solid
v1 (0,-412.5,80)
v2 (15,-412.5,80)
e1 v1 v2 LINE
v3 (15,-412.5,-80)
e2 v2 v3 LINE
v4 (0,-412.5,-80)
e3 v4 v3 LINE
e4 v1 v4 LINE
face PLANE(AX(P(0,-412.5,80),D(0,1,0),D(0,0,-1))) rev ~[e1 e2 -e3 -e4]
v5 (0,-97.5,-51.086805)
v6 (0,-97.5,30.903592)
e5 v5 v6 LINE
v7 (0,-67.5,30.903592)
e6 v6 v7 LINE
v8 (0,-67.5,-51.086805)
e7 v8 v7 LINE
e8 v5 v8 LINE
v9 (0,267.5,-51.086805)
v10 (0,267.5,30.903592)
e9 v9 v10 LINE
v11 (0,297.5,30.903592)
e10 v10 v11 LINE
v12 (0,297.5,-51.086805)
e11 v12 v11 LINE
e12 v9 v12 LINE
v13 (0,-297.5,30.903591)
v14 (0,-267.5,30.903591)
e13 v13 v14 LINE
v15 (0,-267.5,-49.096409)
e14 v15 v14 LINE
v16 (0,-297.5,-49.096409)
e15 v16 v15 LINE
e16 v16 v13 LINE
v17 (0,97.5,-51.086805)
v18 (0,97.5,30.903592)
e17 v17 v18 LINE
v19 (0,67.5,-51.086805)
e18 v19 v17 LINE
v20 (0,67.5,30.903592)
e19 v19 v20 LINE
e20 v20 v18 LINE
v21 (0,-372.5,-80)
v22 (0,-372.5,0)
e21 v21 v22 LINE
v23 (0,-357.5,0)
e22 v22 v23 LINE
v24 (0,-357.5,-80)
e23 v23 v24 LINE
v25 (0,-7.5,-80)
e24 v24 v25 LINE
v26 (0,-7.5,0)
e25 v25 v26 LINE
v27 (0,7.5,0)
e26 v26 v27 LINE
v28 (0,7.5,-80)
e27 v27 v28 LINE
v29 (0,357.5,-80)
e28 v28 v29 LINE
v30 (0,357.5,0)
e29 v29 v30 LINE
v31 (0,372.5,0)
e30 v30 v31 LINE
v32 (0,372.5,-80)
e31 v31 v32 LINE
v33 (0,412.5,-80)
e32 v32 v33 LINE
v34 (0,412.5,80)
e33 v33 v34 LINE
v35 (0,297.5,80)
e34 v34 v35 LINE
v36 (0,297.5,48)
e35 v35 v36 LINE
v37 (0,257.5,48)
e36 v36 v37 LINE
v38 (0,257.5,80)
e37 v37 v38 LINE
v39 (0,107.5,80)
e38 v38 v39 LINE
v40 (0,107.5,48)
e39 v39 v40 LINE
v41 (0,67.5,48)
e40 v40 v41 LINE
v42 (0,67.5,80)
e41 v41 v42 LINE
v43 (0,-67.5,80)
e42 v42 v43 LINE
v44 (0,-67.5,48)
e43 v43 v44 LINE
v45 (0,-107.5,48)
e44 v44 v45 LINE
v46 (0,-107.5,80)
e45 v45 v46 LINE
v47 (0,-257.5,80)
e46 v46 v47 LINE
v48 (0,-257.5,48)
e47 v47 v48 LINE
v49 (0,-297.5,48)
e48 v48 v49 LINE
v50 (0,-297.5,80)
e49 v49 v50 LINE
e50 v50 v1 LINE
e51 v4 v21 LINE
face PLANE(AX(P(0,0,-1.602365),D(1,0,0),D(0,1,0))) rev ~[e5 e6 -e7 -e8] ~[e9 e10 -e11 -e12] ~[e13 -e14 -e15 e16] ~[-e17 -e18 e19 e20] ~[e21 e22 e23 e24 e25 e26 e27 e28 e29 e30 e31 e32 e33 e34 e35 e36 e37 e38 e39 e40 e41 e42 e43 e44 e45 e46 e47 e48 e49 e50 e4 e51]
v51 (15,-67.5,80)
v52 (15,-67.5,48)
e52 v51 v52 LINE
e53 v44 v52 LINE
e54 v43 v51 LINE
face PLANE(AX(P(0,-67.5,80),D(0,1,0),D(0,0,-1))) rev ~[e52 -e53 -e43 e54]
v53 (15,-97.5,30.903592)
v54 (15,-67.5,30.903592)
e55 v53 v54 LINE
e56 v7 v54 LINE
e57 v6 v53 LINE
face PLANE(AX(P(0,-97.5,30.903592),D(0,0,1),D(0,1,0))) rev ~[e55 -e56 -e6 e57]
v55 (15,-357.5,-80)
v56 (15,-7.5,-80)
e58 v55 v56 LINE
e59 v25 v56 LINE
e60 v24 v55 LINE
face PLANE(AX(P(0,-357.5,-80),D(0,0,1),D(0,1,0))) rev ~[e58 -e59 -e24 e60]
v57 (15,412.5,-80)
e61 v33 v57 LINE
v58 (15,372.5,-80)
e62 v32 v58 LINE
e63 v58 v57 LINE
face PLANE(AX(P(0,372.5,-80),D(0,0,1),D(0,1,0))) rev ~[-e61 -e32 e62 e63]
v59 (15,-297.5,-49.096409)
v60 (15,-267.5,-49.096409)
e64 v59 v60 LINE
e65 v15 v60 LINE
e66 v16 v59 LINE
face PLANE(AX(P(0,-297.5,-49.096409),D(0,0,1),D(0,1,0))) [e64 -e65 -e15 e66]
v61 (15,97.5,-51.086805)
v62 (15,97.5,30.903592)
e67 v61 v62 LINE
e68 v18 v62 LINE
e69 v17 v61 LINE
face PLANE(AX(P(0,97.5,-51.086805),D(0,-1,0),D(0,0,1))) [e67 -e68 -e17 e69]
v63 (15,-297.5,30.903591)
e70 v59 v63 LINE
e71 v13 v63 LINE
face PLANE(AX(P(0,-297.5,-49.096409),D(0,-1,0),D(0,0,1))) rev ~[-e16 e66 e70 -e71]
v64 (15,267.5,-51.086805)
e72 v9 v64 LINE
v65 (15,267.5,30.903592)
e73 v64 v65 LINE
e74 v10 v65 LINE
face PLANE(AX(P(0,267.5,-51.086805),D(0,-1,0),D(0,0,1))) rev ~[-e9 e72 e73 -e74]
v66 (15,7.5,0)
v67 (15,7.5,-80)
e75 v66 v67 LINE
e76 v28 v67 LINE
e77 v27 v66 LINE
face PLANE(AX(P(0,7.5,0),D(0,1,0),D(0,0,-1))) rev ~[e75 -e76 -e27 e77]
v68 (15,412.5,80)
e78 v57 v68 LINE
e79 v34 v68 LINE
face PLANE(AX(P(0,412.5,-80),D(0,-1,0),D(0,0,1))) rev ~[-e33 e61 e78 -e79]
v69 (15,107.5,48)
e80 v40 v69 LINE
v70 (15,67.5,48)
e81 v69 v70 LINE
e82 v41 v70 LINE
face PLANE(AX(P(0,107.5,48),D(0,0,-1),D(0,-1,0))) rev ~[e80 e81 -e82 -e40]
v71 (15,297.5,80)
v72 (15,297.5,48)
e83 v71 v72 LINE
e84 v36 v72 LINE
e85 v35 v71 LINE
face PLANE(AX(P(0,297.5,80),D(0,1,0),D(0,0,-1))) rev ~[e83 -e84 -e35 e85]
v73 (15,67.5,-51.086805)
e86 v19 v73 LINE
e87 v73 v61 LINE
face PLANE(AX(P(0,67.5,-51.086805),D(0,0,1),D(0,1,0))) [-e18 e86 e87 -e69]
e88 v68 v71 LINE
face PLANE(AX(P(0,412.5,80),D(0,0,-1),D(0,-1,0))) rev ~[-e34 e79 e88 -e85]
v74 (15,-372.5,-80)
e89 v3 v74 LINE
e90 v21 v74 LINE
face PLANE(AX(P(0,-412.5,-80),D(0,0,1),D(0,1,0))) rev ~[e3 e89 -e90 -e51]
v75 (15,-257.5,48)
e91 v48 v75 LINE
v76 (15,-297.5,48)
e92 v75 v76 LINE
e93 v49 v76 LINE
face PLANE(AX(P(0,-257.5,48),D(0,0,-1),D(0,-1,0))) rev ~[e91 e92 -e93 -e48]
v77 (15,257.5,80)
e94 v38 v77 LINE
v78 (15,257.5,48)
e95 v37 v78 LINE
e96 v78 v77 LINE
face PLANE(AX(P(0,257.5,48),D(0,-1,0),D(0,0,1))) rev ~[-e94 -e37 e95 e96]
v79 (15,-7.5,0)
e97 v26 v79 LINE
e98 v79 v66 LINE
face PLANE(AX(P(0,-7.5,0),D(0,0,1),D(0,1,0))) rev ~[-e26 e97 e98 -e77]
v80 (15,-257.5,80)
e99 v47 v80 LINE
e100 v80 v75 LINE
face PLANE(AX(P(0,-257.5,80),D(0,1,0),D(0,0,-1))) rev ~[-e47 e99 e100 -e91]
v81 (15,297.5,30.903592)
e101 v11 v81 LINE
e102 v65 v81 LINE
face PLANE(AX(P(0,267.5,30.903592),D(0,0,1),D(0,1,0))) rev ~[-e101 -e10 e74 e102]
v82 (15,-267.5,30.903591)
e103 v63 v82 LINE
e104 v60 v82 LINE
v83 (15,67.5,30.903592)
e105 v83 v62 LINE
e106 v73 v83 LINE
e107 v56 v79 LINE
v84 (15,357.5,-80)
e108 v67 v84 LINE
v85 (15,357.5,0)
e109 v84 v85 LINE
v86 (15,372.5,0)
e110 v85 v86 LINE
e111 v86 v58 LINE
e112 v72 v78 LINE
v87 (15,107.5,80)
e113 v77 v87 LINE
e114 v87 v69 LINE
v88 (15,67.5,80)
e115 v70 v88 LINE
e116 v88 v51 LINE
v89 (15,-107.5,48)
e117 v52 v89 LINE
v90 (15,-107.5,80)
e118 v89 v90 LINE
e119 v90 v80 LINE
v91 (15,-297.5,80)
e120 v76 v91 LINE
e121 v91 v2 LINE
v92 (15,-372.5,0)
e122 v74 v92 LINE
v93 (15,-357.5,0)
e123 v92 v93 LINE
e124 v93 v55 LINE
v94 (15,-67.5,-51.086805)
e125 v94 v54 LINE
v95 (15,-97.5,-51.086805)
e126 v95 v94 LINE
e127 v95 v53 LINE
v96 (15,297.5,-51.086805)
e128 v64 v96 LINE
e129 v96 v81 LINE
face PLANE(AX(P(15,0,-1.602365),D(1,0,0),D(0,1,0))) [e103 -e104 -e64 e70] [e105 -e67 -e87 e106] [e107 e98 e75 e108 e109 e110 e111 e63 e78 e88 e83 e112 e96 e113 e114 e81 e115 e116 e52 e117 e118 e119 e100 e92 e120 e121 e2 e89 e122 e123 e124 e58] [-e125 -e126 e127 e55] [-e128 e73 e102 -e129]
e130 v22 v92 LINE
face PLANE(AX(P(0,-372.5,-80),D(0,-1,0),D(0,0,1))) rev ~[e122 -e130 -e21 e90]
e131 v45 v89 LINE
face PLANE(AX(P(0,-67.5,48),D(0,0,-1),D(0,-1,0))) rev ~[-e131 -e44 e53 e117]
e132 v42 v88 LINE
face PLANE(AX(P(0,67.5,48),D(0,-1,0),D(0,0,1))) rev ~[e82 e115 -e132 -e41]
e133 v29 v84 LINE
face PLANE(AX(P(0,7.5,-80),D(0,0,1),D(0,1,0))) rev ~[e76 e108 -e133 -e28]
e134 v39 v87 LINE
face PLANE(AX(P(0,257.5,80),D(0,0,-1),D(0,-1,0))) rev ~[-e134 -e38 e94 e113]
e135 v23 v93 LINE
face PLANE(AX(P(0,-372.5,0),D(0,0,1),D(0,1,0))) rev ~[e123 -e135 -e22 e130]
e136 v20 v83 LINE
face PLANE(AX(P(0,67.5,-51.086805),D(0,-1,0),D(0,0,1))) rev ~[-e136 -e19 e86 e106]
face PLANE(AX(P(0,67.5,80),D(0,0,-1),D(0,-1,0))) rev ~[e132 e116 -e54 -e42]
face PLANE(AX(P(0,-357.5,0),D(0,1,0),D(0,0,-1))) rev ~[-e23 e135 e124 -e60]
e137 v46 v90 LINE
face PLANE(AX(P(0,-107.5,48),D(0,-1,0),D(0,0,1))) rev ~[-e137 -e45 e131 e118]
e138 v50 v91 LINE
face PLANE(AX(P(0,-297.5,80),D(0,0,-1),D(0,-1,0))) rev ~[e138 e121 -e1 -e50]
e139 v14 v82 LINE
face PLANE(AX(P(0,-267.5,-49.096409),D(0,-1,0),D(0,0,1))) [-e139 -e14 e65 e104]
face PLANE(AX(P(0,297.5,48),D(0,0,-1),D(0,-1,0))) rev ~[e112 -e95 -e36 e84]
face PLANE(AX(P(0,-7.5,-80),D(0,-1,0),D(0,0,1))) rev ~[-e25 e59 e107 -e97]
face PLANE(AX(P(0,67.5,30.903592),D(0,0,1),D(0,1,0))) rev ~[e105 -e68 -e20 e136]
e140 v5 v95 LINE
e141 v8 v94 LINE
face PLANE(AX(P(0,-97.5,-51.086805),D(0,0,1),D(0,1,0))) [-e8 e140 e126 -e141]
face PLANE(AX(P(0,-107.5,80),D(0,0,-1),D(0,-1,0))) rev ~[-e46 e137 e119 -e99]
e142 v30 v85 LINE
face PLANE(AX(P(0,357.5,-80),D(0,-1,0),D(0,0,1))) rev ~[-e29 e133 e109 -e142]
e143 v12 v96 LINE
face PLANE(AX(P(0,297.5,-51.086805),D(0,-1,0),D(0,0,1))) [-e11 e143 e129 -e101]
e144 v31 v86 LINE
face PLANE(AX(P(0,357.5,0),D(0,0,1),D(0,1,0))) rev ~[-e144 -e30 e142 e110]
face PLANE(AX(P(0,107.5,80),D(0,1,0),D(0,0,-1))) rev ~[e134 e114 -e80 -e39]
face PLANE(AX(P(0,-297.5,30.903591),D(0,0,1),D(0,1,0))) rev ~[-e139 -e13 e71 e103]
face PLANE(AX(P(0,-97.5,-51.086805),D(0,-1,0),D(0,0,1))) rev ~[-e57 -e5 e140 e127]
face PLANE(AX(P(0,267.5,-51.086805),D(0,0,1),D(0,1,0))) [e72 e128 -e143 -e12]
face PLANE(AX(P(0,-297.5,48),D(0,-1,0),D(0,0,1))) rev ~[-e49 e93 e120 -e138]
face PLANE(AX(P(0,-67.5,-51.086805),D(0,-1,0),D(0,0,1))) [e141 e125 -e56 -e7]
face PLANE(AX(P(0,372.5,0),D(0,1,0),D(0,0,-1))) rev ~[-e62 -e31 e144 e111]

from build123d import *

# Parameters (mm, degrees)
F0_W     = 30
F0_H     = 80
F0_H_2   = 81.990397
F1_DEPTH = 15


with BuildPart() as f1:
    # F0 (on Right) → F1 (new body)
    with BuildSketch(Plane.YZ):
        Polygon((-297.5, 80), (-412.5, 80), (-412.5, -80), (-372.5, -80), (-372.5, 0), (-357.5, 0), (-357.5, -80), (-332.5, -80), (-7.5, -80), (-7.5, 0), (7.5, 0), (7.5, -80), (332.5, -80), (357.5, -80), (357.5, 0), (372.5, 0), (372.5, -80), (412.5, -80), (412.5, 80), (297.5, 80), (297.5, 48), (257.5, 48), (257.5, 80), (107.5, 80), (107.5, 48), (67.5, 48), (67.5, 80), (-67.5, 80), (-67.5, 48), (-107.5, 48), (-107.5, 80), (-257.5, 80), (-257.5, 48), (-297.5, 48), align=None)
        with Locations((-282.5, -9.096409)):
            Rectangle(F0_W, F0_H, mode=Mode.SUBTRACT)
        with Locations((-82.5, -10.091607)):
            Rectangle(F0_W, F0_H_2, mode=Mode.SUBTRACT)
        with Locations((82.5, -10.091607)):
            Rectangle(F0_W, F0_H_2, mode=Mode.SUBTRACT)
        with Locations((282.5, -10.091607)):
            Rectangle(F0_W, F0_H_2, mode=Mode.SUBTRACT)
    extrude(amount=F1_DEPTH)


solid = f1.part
